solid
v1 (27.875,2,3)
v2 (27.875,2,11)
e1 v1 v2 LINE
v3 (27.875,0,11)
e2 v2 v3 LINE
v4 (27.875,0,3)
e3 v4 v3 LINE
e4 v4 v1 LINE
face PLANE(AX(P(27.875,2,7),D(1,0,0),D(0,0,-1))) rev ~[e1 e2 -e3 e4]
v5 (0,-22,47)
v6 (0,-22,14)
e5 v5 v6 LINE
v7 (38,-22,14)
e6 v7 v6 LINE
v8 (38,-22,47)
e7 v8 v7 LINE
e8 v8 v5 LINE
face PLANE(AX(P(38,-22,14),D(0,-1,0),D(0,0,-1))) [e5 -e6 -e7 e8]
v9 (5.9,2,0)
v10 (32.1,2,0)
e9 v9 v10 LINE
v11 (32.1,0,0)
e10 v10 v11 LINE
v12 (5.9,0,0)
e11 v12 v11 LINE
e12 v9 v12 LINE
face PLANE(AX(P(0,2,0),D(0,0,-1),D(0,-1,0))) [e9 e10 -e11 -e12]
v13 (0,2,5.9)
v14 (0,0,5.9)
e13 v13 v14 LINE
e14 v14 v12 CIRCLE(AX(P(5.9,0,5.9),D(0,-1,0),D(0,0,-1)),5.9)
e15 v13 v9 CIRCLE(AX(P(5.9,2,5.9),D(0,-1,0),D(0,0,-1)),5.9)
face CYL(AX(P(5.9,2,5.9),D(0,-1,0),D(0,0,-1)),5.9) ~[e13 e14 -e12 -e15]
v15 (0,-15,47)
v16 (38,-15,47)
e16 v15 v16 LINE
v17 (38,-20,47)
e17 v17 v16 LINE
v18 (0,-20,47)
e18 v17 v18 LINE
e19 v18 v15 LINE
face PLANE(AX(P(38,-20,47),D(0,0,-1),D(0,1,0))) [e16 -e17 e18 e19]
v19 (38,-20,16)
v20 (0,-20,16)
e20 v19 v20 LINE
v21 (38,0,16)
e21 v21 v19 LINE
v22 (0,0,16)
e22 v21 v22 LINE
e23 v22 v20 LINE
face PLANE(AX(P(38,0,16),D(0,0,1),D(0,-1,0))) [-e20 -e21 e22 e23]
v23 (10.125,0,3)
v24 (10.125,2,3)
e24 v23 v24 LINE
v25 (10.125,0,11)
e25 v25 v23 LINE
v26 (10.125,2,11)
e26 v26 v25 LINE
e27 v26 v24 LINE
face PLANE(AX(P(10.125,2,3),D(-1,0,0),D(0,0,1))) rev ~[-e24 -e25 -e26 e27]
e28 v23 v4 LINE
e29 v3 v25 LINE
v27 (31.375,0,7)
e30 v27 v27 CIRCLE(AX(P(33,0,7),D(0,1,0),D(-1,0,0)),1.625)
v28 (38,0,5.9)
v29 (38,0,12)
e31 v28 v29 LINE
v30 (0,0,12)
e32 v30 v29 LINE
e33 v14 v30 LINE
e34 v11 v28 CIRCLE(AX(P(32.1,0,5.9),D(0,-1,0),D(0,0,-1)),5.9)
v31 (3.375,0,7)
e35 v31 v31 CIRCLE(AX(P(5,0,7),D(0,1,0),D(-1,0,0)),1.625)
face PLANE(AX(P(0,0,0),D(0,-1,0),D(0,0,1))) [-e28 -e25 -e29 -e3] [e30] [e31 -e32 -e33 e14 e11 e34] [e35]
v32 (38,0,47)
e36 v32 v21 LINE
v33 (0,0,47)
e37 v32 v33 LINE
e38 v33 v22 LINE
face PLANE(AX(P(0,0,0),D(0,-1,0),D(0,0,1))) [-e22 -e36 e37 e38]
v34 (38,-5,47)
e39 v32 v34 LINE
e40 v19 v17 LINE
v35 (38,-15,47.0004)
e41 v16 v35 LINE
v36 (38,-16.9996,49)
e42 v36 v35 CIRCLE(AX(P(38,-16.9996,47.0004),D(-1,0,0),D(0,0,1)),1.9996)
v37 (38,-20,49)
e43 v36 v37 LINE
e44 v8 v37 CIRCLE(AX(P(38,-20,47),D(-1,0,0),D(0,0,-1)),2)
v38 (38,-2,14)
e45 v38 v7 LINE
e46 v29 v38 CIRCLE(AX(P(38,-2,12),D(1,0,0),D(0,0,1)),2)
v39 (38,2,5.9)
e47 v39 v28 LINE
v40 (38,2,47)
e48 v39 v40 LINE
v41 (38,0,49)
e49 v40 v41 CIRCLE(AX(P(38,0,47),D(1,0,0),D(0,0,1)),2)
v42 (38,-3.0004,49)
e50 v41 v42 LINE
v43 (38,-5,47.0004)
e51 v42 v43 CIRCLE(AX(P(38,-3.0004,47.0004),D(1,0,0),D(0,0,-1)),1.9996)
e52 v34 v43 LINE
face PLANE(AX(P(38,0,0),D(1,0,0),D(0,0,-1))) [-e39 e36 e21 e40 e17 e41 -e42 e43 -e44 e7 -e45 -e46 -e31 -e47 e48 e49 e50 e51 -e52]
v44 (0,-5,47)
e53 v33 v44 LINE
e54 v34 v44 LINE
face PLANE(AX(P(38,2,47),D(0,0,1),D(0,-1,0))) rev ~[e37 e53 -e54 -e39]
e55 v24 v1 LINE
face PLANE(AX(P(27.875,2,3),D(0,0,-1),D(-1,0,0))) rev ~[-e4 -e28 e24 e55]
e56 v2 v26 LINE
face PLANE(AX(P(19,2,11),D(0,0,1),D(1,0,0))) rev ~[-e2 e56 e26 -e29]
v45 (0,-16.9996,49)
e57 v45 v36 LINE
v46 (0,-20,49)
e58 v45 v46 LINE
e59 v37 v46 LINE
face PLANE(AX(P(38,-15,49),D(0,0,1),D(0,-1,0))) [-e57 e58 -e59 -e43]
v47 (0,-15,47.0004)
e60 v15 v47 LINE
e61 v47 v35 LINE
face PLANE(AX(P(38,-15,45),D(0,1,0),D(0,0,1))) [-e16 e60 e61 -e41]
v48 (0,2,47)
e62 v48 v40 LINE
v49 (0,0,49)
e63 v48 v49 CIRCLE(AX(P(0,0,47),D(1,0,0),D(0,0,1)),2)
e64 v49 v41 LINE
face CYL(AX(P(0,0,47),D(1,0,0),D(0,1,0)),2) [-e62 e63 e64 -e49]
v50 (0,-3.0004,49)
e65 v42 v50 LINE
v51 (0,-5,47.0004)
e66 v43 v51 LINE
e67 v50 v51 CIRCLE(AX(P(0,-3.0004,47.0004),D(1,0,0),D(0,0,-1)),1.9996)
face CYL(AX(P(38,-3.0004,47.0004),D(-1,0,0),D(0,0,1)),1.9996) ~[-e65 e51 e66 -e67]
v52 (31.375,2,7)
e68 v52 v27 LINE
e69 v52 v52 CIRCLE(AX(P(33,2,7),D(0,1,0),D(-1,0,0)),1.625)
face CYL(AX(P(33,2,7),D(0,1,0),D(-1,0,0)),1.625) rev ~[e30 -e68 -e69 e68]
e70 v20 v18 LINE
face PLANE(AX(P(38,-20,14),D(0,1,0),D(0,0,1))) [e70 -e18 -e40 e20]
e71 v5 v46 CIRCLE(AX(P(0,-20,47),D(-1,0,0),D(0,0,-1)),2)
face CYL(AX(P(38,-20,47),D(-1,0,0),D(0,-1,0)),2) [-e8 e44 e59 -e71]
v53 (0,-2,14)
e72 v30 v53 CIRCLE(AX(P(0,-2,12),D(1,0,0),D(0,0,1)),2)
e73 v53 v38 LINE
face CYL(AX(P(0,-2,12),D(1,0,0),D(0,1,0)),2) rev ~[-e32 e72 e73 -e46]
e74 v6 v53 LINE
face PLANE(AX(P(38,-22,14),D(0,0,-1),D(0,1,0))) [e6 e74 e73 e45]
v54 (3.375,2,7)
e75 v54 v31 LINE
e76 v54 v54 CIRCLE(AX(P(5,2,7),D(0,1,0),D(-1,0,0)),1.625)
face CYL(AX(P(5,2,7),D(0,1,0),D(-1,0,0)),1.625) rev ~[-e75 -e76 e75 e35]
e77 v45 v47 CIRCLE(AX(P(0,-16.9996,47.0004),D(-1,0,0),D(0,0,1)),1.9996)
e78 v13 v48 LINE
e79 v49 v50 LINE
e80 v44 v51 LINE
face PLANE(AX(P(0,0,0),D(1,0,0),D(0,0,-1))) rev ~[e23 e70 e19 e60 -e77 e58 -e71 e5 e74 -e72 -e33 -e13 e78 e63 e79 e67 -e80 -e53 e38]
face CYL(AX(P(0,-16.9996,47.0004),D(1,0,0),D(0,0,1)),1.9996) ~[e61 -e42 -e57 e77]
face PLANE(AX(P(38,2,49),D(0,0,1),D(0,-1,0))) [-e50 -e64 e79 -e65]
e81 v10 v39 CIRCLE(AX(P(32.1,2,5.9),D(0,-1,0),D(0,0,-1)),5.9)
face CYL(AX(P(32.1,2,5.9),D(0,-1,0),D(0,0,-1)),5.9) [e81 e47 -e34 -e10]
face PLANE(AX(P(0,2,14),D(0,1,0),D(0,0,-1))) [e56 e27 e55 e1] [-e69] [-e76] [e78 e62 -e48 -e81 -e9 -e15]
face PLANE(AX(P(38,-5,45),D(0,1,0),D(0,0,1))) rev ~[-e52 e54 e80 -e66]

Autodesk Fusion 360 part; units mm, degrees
sketch "Sketch1" plane through (0, 0, 0) normal (1, 0, 0) x (0, 0, -1)
  line L0 (0, 0) -> (-14, 0)
  line L1 (-14, 0) -> (-14, 2)
  line L2 (-14, 2) -> (0, 2)
  line L3 (0, 2) -> (0, 0)
  dimension "d1" = 14
  dimension "d2" = 2
extrude "Extrude1" add sketch "Sketch1" along normal blind 38
fillet "Fillet1" radius 5.9 4 edges at (0, 1, 14) (38, 1, 14) (38, 1, 0) (0, 1, 0)
sketch "Sketch2" plane through (0, 2, 0) normal (0, 1, 0) x (-1, 0, 0)
  arc A0 (-5.9, 0) -> (0, 5.9) centre (-5.9, 5.9) ccw
  line L0 (0, 5.9) -> (0, 8.1)
  arc A1 (0, 8.1) -> (-5.9, 14) centre (-5.9, 8.1) ccw
  line L1 (-5.9, 14) -> (-32.1, 14)
  arc A2 (-32.1, 14) -> (-38, 8.1) centre (-32.1, 8.1) ccw
  line L2 (-38, 8.1) -> (-38, 5.9)
  arc A3 (-38, 5.9) -> (-32.1, 0) centre (-32.1, 5.9) ccw
  line L3 (-32.1, 0) -> (-5.9, 0)
  line L4 (-19, 0) -> (-19, 14)
  line L5 (-19, 7) -> (-27.875, 7)
  line L6 (-27.875, 7) -> (-27.875, 3)
  line L7 (-27.875, 3) -> (-19, 3)
  line L8 (-19, 3) -> (-19, 7)
  line L9 (-27.875, 3) -> (-10.125, 3)
  line L10 (-10.125, 3) -> (-10.125, 11)
  line L11 (-10.125, 11) -> (-27.875, 11)
  line L12 (-27.875, 11) -> (-27.875, 3)
  line L13 (-10.125, 7) -> (-6.625, 7)
  circle A4 centre (-5, 7) radius 1.625
  line L14 (-27.875, 7) -> (-31.375, 7)
  circle A5 centre (-33, 7) radius 1.625
  dimension "d7" = 8.875
  dimension "d8" = 4
  dimension "d9" = 17.75
  dimension "d10" = 8
  dimension "d11" = 3.5
  dimension "d12" = 3.25
  dimension "d13" = 3.5
  dimension "d14" = 3.25
extrude "Extrude2" cut sketch "Sketch2" against normal blind 2 contours A4 | A5 | L4 L5 L6 L7 L8 L9 L12 | L4 L8 L9 L10 L11 | L4 L5 L11 L12
sketch "Sketch3" plane through (0, 2, 0) normal (0, 1, 0) x (-1, 0, 0)
  circle A0 centre (-33, 7) radius 1.625
  circle A1 centre (-5, 7) radius 1.625
  line L0 (-10.125, 3) -> (-27.875, 3)
  line L1 (-27.875, 3) -> (-27.875, 11)
  line L2 (-27.875, 11) -> (-10.125, 11)
  line L3 (-10.125, 11) -> (-10.125, 3)
  arc A2 (-5.9, 0) -> (0, 5.9) centre (-5.9, 5.9) ccw
  line L4 (0, 5.9) -> (0, 8.1)
  arc A3 (0, 8.1) -> (-5.9, 14) centre (-5.9, 8.1) ccw
  line L5 (-5.9, 14) -> (-32.1, 14)
  arc A4 (-32.1, 14) -> (-38, 8.1) centre (-32.1, 8.1) ccw
  line L6 (-38, 8.1) -> (-38, 5.9)
  arc A5 (-38, 5.9) -> (-32.1, 0) centre (-32.1, 5.9) ccw
  line L7 (-32.1, 0) -> (-5.9, 0)
  line L8 (-32.1, 14) -> (-32.1, 45)
  line L9 (-32.1, 45) -> (-38, 45)
  line L10 (-38, 45) -> (-38, 8.1)
  line L11 (-38, 8.1) -> (-32.1, 8.1)
  line L12 (-32.1, 8.1) -> (-32.1, 45)
  line L13 (-38, 45) -> (0, 45)
  line L14 (0, 45) -> (0, 8.1)
  line L15 (0, 8.1) -> (-38, 8.1)
  line L16 (-38, 8.1) -> (-38, 45)
  dimension "d17" = 31
extrude "Extrude3" add sketch "Sketch3" against normal blind 2 contours A4 L8 L9 L10 L12 L13 L16 | A3 L5 L8 L12 L13 L14
sketch "Sketch4" plane through (38, 0, 0) normal (1, 0, 0) x (0, 0, -1)
  line L0 (-5.9, 0) -> (-5.9, 2)
  line L1 (-5.9, 2) -> (-45, 2)
  line L2 (-45, 2) -> (-45, 0)
  line L3 (-45, 0) -> (-5.9, 0)
  line L4 (-45, 0) -> (-45, -5)
  line L5 (-45, -5) -> (-47, -5)
  line L6 (-47, -5) -> (-45, -5)
  line L7 (-45, -5) -> (-45, 2)
  line L8 (-45, 2) -> (-47, 2)
  line L9 (-47, 2) -> (-47, -5)
  line L10 (-45, 0) -> (-14, 0)
  line L11 (-14, 0) -> (-14, -20)
  line L12 (-14, -20) -> (-45, -20)
  line L13 (-45, -20) -> (-45, -15)
  line L14 (-45, -15) -> (-47, -15)
  line L15 (-47, -15) -> (-47, -22)
  line L16 (-47, -22) -> (-14, -22)
  line L17 (-14, -22) -> (-12, -22)
  line L18 (-12, -22) -> (-12, 0)
  line L19 (-12, 0) -> (-14, 0)
  line L20 (-14, 0) -> (-14, -22)
  dimension "d20" = 5
  dimension "d21" = 2
  dimension "d22" = 31
  dimension "d23" = 20
  dimension "d24" = 31
  dimension "d25" = 5
  dimension "d26" = 2
  dimension "d27" = 7
  dimension "d28" = 33
  dimension "d29" = 2
  dimension "d30" = 22
extrude "Extrude4" add sketch "Sketch4" against normal blind 38 contours L3 L11 L17 L18 L19 L20 | L2 L4 L5 L6 L7 L8 L9 | L12 L13 L14 L15 L16 L20
move_face "MoveFace1" by (0, 0, 2) 6 faces at (25.3333, -14.6667, 12) (25.3333, -6.6667, 14) (25.3333, -17.3333, 47) (25.3333, -18.3333, 45) (25.3333, -1.6667, 45) (25.3333, -0.3333, 47)
fillet "Fillet2" radius 2 1 edges at (19, 0, 14)
fillet "Fillet3" radius 2 1 edges at (19, 2, 49)
fillet "Fillet4" radius 2 1 edges at (19, -22, 49)
fillet "Fillet5" radius 2 2 edges at (19, -5, 49) (19, -15, 49)
equation "d7 = ( 17.75 / 2 ) * 1 mm"
equation "d9 = 8.875 mm * 2"
equation "d10 = 4.000 mm * 2"
